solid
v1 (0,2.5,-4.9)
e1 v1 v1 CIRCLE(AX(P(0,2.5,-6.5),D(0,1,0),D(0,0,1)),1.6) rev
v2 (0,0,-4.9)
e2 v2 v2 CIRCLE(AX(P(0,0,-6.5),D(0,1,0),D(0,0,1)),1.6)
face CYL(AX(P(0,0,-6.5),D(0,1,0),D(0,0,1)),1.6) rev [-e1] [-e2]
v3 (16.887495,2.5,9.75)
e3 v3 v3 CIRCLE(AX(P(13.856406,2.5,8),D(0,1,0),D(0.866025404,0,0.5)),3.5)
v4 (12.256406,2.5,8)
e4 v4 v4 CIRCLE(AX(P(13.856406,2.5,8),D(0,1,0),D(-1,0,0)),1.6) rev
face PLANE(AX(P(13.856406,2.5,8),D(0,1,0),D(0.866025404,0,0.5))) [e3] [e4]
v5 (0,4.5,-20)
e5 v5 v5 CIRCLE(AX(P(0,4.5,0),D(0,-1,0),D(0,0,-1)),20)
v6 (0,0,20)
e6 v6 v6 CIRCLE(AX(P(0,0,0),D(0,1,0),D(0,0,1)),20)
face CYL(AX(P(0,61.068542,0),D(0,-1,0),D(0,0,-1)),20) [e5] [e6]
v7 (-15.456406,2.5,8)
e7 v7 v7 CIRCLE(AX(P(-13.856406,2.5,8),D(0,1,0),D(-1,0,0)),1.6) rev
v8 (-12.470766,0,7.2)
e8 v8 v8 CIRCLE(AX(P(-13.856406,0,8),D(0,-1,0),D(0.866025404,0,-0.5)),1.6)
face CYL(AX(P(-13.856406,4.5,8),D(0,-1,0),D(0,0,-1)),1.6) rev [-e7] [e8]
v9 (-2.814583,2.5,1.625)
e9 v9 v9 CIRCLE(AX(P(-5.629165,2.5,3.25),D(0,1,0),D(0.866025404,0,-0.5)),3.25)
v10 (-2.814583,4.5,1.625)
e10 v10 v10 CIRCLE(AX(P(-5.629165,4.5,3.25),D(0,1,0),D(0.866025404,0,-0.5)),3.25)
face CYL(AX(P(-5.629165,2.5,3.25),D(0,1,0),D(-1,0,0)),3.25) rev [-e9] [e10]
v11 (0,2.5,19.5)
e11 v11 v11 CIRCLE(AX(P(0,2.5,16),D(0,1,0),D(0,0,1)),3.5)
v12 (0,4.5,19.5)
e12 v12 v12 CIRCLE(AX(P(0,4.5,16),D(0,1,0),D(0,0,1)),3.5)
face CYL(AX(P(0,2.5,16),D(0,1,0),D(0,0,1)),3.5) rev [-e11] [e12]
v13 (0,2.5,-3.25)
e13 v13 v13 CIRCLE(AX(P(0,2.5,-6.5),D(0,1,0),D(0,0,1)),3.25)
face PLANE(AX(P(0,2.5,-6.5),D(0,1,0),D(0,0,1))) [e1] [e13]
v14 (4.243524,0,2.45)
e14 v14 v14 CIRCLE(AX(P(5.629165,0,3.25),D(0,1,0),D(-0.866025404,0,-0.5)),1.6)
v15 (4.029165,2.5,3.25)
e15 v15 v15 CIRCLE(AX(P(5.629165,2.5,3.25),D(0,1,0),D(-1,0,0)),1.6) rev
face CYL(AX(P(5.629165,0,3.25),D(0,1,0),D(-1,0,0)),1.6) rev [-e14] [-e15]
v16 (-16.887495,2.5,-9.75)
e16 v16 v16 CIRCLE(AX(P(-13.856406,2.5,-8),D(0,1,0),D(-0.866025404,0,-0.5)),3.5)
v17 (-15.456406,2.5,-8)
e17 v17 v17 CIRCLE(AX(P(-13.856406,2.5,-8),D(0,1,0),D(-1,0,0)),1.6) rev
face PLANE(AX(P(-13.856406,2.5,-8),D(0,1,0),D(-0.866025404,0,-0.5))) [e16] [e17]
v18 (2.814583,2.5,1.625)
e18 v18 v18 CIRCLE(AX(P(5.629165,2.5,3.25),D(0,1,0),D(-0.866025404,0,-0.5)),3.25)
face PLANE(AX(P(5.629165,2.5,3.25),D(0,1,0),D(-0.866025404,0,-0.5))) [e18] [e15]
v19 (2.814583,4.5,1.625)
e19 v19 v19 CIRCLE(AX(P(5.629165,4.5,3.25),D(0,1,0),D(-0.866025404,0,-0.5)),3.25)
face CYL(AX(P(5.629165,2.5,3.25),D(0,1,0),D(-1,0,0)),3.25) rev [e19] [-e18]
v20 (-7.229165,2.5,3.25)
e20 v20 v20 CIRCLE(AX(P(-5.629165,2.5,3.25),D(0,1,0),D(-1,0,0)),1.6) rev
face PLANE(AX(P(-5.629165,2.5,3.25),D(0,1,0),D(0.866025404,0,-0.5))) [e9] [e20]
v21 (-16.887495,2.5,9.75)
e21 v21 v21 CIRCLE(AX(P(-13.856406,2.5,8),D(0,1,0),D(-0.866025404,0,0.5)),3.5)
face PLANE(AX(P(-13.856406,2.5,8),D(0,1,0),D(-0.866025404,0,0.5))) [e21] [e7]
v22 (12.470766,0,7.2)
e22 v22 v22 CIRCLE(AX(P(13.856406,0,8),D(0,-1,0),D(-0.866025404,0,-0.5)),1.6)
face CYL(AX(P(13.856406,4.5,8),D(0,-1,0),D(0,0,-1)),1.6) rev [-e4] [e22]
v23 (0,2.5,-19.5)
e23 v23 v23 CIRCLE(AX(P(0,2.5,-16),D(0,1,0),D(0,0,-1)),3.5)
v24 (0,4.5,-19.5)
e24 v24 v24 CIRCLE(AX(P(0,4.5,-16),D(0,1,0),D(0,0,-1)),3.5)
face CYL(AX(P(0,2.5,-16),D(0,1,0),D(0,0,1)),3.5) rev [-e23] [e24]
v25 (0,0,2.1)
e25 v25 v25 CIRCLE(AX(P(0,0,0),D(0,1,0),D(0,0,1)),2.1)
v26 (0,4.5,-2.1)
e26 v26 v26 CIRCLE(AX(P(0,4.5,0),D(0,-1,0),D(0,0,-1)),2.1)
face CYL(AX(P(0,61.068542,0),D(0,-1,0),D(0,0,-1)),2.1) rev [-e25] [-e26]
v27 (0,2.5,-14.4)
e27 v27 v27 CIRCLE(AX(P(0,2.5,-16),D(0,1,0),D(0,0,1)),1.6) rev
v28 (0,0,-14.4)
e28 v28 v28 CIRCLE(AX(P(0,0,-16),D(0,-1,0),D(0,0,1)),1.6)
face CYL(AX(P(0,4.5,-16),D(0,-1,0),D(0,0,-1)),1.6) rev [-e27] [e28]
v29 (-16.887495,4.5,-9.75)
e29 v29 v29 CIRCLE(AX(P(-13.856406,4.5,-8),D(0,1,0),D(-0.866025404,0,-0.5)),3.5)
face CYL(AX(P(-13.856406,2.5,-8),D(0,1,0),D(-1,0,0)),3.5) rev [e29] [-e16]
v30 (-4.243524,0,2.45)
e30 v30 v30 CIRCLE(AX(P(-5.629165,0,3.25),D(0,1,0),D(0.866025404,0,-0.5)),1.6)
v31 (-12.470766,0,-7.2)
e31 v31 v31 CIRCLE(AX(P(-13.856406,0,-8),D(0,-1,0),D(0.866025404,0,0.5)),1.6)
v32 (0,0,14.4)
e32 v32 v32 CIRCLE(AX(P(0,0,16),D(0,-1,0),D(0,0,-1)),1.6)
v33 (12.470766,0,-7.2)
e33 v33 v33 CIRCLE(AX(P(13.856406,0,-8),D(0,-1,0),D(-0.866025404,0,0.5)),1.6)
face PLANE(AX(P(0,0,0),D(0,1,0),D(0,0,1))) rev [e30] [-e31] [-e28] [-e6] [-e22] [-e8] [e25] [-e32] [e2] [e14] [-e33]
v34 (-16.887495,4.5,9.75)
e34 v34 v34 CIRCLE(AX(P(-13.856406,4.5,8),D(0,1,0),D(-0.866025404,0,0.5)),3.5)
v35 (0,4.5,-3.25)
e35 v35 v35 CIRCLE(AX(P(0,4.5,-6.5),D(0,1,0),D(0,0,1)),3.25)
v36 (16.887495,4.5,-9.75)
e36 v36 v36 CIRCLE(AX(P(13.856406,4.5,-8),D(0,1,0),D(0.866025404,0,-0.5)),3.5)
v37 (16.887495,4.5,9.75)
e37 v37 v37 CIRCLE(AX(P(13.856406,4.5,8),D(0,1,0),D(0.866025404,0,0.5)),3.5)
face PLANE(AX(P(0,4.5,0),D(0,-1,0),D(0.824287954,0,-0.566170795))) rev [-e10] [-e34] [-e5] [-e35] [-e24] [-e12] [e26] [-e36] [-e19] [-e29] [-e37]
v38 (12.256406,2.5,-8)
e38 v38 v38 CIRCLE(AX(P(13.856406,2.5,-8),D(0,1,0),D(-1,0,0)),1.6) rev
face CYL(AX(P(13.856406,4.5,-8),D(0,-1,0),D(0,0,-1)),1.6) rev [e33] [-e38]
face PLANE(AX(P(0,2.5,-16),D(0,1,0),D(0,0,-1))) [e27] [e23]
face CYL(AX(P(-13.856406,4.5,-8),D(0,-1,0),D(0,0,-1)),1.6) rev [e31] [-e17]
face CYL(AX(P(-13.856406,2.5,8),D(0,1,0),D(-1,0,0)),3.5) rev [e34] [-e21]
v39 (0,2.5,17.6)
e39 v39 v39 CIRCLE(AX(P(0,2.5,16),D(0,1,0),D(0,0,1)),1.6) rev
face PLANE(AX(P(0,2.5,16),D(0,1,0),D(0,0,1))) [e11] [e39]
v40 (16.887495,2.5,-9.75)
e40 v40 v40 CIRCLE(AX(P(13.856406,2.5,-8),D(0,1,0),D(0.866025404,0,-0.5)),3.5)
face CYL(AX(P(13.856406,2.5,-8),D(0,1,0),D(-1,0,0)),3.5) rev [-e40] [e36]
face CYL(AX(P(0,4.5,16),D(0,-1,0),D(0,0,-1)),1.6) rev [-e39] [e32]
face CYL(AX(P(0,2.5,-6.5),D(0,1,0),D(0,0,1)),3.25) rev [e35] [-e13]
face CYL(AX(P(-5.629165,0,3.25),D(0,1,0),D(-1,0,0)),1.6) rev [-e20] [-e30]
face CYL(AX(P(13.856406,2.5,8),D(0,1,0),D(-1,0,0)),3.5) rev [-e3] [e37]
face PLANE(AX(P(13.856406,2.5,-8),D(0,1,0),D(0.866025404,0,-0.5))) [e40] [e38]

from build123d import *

# Parameters (mm, degrees)
SKETCH1_R           = 20
SKETCH1_R_2         = 2.1
BOSS_EXTRUDE1_DEPTH = 4.5
SKETCH2_R           = 1.6
CUT_EXTRUDE1_DEPTH  = 29.640006983
SKETCH5_R           = 3.5
CUT_EXTRUDE4_DEPTH  = 2
CIRPATTERN1_COUNT   = 6
SKETCH3_R           = 1.6
CUT_EXTRUDE2_DEPTH  = 29.640006983
SKETCH4_R           = 3.25
CUT_EXTRUDE3_DEPTH  = 2
CIRPATTERN2_COUNT   = 3


with BuildPart() as part:
    # Sketch1 → Boss-Extrude1 (new body)
    with BuildSketch(Plane(origin=(0, 0, 0), x_dir=(1, 0, 0), z_dir=(0, 1, 0))):
        with Locations(Location((0, 0, 0), (0, 0, 90))):
            Circle(SKETCH1_R)
        with Locations(Location((0, 0, 0), (0, 0, 90))):
            Circle(SKETCH1_R_2, mode=Mode.SUBTRACT)
    extrude(amount=BOSS_EXTRUDE1_DEPTH)

    # Sketch2 → Cut-Extrude1 (cut, through all)
    with BuildSketch(Plane.XZ):
        with Locations(Location((0, 16, 0), (0, 0, 270))):
            Circle(SKETCH2_R)
    cut_extrude1 = extrude(amount=-CUT_EXTRUDE1_DEPTH, mode=Mode.SUBTRACT)

    # Sketch5 → Cut-Extrude4 (cut)
    with BuildSketch(Plane(origin=(0, 4.5, 0), x_dir=(1, 0, 0), z_dir=(0, 1, 0))):
        with Locations(Location((0, -16, 0), (0, 0, 270))):
            Circle(SKETCH5_R)
    cut_extrude4 = extrude(amount=-CUT_EXTRUDE4_DEPTH, mode=Mode.SUBTRACT)

    # CirPattern1: Cut-Extrude1, Cut-Extrude4 ×6 about axis
    cirpattern1_axis = Axis((0, 0, 0), (0, 1, 0))
    add([cut_extrude1.rotate(cirpattern1_axis, i * 360 / CIRPATTERN1_COUNT) for i in range(1, CIRPATTERN1_COUNT)], mode=Mode.SUBTRACT)
    add([cut_extrude4.rotate(cirpattern1_axis, i * 360 / CIRPATTERN1_COUNT) for i in range(1, CIRPATTERN1_COUNT)], mode=Mode.SUBTRACT)

    # Sketch3 → Cut-Extrude2 (cut, through all)
    with BuildSketch(Plane(origin=(0, 4.5, 0), x_dir=(1, 0, 0), z_dir=(0, 1, 0))):
        with Locations(Location((0, 6.5, 0), (0, 0, 270))):
            Circle(SKETCH3_R)
    cut_extrude2 = extrude(amount=-CUT_EXTRUDE2_DEPTH, mode=Mode.SUBTRACT)

    # Sketch4 → Cut-Extrude3 (cut)
    with BuildSketch(Plane(origin=(0, 4.5, 0), x_dir=(1, 0, 0), z_dir=(0, 1, 0))):
        with Locations(Location((0, 6.5, 0), (0, 0, 270))):
            Circle(SKETCH4_R)
    cut_extrude3 = extrude(amount=-CUT_EXTRUDE3_DEPTH, mode=Mode.SUBTRACT)

    # CirPattern2: Cut-Extrude2, Cut-Extrude3 ×3 about axis
    cirpattern2_axis = Axis((0, 0, 0), (0, 1, 0))
    add([cut_extrude2.rotate(cirpattern2_axis, i * 360 / CIRPATTERN2_COUNT) for i in range(1, CIRPATTERN2_COUNT)], mode=Mode.SUBTRACT)
    add([cut_extrude3.rotate(cirpattern2_axis, i * 360 / CIRPATTERN2_COUNT) for i in range(1, CIRPATTERN2_COUNT)], mode=Mode.SUBTRACT)


solid = part.part
